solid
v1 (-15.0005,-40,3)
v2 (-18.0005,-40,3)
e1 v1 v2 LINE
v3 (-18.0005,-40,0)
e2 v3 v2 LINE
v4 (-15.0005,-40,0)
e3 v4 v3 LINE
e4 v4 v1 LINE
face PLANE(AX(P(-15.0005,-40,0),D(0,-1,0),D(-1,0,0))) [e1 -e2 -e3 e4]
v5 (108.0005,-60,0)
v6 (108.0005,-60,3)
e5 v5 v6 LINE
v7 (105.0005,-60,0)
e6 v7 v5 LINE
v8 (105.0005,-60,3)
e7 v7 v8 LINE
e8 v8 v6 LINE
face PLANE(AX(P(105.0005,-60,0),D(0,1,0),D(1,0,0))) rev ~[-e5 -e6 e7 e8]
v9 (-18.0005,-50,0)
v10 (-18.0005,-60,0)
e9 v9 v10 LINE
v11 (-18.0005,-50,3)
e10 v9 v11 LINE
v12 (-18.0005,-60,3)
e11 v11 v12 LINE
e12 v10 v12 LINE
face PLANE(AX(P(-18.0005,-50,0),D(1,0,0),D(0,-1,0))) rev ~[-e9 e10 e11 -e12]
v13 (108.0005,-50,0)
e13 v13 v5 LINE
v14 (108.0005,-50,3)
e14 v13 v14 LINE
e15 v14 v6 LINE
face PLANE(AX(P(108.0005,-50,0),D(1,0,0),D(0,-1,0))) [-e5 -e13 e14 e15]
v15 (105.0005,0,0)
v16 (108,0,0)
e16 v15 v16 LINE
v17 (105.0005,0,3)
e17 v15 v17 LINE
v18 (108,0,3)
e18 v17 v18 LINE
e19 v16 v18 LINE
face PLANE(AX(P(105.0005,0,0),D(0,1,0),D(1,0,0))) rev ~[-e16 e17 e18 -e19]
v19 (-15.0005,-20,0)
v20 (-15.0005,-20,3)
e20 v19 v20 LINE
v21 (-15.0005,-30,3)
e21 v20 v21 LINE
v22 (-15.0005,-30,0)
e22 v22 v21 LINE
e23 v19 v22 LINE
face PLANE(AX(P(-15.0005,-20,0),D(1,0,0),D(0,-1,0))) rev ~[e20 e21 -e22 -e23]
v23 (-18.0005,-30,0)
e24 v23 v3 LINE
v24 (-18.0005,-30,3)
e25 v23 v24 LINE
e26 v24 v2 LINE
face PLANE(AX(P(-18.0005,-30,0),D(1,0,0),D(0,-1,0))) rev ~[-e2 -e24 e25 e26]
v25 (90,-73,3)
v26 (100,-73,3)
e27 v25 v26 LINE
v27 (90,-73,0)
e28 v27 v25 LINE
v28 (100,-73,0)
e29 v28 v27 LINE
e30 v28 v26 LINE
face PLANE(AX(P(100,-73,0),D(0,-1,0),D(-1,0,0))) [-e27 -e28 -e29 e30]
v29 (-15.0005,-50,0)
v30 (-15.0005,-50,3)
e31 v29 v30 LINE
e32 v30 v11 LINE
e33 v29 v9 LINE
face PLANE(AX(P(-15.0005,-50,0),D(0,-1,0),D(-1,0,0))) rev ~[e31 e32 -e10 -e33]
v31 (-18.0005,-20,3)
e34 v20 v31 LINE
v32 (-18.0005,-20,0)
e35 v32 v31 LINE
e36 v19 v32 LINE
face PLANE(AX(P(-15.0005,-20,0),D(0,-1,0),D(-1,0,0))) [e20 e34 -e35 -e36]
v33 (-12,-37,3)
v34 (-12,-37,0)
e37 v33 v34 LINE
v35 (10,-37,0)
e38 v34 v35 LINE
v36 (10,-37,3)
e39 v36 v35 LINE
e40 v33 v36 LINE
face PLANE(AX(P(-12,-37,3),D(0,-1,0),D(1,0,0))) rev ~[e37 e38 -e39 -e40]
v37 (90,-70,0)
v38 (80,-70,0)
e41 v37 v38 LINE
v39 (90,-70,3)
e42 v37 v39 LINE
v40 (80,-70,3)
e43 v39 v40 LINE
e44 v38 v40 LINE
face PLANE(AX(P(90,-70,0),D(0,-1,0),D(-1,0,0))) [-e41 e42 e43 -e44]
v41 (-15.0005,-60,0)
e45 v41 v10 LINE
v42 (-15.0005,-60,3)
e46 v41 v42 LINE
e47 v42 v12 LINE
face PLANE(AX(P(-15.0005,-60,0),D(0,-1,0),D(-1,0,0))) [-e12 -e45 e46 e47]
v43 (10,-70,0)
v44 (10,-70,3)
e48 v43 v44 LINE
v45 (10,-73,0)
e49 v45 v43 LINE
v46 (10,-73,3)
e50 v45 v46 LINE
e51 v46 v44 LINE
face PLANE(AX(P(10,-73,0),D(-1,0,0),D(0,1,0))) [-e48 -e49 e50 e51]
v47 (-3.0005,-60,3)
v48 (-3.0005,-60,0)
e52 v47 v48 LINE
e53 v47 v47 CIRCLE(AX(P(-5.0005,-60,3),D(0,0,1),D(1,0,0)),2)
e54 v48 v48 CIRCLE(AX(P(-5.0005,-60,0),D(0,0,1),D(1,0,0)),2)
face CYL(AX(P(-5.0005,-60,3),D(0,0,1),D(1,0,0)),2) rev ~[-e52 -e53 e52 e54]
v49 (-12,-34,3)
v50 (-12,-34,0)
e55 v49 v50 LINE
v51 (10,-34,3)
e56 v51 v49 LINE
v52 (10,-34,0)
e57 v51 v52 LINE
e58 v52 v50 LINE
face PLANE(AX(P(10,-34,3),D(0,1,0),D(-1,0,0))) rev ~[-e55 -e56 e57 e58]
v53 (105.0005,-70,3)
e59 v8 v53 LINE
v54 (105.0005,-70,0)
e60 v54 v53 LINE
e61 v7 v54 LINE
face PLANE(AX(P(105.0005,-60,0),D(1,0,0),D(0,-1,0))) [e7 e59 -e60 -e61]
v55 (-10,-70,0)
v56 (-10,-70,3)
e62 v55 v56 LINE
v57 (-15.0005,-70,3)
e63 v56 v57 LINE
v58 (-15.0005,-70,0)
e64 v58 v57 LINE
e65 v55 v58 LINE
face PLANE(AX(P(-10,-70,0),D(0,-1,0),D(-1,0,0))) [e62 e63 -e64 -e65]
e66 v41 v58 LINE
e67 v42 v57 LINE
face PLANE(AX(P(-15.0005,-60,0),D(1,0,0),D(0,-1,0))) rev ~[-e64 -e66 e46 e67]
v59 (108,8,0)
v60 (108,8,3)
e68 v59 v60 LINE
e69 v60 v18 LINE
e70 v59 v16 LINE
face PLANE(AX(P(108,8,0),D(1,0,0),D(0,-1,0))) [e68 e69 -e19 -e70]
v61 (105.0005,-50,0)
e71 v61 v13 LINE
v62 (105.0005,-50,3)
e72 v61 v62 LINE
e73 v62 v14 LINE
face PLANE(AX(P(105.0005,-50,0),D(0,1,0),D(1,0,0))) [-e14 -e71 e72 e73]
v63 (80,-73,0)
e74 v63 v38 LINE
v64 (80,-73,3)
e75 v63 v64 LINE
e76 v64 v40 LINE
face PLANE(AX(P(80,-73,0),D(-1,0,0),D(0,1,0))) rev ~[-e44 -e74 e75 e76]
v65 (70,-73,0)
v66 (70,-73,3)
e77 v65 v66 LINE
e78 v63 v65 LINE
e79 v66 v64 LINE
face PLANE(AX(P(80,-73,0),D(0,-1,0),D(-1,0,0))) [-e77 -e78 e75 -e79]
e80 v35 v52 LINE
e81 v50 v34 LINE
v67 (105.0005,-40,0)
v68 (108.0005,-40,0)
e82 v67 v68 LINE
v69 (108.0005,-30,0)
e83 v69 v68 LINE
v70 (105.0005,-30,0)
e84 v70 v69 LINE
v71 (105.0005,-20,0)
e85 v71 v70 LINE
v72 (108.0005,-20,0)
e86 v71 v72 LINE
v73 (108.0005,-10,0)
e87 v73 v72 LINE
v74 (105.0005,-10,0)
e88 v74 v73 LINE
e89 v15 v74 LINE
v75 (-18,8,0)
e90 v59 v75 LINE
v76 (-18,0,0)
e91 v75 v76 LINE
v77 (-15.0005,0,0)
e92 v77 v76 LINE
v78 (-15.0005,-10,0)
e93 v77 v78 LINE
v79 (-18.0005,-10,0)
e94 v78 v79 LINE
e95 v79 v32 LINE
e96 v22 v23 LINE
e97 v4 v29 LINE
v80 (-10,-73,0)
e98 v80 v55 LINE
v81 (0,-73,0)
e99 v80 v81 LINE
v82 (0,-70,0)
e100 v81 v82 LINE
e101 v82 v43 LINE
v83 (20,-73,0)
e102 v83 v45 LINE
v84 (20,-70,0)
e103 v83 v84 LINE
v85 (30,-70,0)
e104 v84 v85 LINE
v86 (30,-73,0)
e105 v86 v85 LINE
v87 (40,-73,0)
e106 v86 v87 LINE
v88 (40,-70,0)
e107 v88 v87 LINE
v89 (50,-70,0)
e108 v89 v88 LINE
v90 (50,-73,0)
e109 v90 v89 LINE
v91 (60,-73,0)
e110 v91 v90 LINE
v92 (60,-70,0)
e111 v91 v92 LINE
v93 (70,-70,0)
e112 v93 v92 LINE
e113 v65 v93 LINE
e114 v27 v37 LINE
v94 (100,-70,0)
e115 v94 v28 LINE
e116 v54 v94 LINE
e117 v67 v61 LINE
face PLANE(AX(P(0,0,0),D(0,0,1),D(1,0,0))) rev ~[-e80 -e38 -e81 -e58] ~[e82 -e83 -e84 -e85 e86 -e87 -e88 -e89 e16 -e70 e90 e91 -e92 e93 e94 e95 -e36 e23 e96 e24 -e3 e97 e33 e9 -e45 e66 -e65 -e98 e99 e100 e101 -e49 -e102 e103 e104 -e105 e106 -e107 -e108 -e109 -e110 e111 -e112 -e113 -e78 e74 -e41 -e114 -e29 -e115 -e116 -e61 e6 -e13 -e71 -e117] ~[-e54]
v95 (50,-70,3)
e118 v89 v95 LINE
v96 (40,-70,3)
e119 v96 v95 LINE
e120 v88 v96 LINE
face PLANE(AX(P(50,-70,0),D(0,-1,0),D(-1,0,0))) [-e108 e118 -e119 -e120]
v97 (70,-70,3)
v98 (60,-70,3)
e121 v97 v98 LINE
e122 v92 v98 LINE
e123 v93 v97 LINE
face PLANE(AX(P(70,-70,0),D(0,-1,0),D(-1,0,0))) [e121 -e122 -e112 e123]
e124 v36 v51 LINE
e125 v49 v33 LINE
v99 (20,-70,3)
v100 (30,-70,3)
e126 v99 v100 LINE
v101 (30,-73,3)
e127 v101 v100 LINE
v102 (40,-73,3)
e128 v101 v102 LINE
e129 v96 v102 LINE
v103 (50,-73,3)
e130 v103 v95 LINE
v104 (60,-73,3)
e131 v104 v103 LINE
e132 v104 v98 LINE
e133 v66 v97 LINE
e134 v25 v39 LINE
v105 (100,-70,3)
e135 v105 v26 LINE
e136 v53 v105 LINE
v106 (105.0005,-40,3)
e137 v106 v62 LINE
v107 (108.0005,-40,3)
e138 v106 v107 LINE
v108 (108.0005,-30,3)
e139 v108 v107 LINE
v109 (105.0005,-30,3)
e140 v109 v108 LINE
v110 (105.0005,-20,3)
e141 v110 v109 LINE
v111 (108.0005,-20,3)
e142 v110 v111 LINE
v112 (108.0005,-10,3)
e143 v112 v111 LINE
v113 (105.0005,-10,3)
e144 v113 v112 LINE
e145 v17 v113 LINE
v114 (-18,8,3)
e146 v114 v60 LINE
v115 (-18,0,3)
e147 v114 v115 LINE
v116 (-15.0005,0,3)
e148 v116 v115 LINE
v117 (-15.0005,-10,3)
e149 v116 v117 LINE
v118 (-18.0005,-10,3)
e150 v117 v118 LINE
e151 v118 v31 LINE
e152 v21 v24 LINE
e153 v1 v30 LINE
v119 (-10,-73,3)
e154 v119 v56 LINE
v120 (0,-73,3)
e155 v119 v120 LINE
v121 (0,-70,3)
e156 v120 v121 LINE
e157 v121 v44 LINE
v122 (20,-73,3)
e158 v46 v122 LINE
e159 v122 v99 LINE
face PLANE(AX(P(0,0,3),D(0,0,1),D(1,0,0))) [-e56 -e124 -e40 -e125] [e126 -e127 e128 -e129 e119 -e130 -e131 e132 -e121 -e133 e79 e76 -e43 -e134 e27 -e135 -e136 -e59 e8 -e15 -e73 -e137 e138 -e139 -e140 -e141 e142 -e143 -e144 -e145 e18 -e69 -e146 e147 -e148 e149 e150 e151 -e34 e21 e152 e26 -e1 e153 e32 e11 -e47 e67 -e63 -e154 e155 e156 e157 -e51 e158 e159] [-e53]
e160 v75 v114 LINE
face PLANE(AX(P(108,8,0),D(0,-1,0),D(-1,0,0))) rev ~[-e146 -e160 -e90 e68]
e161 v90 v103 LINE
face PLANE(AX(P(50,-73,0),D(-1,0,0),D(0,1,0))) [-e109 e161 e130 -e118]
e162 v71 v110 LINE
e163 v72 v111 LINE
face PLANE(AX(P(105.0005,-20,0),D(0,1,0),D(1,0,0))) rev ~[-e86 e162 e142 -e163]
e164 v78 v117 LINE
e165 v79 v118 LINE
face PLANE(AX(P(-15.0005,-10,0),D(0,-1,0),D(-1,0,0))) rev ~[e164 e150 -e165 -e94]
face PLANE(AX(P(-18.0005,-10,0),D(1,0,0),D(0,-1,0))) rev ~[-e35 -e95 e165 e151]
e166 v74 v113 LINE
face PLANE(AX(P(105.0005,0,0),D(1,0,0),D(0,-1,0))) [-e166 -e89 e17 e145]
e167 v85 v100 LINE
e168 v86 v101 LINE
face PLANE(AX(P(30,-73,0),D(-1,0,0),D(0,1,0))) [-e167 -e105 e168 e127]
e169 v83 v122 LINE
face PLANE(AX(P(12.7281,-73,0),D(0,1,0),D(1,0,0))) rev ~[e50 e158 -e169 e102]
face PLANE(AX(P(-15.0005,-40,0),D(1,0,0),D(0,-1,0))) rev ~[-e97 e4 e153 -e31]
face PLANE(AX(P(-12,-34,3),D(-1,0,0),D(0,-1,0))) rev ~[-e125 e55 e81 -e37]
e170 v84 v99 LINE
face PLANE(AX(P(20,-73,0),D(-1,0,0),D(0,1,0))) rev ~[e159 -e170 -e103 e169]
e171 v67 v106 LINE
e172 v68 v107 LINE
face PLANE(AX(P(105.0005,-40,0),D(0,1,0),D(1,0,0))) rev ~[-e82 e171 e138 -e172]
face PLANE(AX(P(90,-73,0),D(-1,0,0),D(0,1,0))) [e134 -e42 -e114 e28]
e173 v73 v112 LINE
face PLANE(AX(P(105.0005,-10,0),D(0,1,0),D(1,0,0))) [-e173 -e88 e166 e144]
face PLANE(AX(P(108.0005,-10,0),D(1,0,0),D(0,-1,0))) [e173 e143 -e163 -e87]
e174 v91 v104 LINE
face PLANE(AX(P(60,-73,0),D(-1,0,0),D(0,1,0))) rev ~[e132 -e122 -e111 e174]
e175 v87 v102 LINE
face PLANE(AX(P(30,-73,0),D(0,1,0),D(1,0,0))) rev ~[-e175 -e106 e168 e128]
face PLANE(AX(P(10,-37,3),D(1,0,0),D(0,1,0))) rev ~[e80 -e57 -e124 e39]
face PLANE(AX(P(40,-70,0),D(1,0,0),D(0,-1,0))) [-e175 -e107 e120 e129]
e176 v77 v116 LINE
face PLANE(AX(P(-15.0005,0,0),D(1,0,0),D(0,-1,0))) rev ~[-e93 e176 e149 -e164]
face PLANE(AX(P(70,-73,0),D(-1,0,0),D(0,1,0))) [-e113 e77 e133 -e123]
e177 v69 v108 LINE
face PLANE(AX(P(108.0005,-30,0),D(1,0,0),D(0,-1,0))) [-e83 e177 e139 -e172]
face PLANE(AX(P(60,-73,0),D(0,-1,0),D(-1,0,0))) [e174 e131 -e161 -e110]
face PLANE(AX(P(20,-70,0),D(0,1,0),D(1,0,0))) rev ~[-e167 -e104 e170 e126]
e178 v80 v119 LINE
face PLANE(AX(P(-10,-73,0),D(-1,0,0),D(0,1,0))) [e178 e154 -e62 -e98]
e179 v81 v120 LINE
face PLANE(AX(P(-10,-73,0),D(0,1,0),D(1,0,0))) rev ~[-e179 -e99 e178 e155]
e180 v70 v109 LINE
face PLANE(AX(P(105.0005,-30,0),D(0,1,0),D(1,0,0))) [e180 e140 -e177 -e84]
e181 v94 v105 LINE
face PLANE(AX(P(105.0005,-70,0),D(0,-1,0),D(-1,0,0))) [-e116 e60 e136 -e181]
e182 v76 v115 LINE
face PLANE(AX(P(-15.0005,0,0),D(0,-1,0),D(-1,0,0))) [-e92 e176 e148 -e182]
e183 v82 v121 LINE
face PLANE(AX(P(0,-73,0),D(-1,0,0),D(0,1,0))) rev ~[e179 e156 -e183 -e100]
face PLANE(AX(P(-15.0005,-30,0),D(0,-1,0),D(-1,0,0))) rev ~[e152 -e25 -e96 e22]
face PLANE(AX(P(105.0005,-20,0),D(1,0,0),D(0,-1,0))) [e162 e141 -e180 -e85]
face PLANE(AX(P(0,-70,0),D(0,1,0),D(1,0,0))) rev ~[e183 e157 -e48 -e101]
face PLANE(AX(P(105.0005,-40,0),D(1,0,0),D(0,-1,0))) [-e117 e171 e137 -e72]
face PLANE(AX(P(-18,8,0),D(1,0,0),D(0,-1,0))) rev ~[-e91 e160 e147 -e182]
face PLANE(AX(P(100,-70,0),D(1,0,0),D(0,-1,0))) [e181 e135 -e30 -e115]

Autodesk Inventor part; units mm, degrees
ref_plane "YZ Plane" through (0, 0, 0) normal (1, 0, 0) x (0, 1, 0)
ref_plane "XZ Plane" through (0, 0, 0) normal (0, 1, 0) x (-1, 0, 0)
ref_plane "XY Plane" through (0, 0, 0) normal (0, 0, 1) x (1, 0, 0)
ref_plane "Work Plane2" through (0, 0, 0) normal (0, 0, 1) x (1, 0, 0)
sketch "Sketch2" plane through (0, 0, 0) normal (0, 0, 1) x (1, 0, 0)
  line L0 (-13, 0) -> (-13, 3) projected
  line L1 (-13, 3) -> (-10, 3) projected
  line L2 (103, 0) -> (103, 3) projected
  line L3 (100, 3) -> (103, 3) projected
  line L4 (103, 8) -> (-13, 8)
  line L5 (-10, 0) -> (-10, 3) projected
  line L6 (-10, 3) -> (0, 3) projected
  line L7 (100, 0) -> (100, 3) projected
  line L8 (90, 3) -> (100, 3) projected
  line L9 (90, 3) -> (0, 3)
  line L10 (0, 0) -> (90, 0)
  line L11 (0, 0) -> (0, 3) projected
  line L12 (90, 0) -> (90, 3) projected
  line L13 (90, 3) -> (90, 0)
  line L14 (0, 3) -> (0, 0)
  line L15 (45, 0) -> (45, -20) construction
  line L16 (-15.0005, 0) -> (-15.0005, -10)
  line L17 (-15.0005, -10) -> (-18.0005, -10)
  line L18 (-15.0005, -20) -> (-18.0005, -20)
  line L19 (-15.0005, -20) -> (-15.0005, -30)
  line L20 (-15.0005, -30) -> (-18.0005, -30)
  line L21 (-15.0005, -40) -> (-18.0005, -40)
  line L22 (-15.0005, -50) -> (-18.0005, -50)
  line L23 (-15.0005, -60) -> (-18.0005, -60)
  line L24 (-18.0005, -10) -> (-18.0005, -20)
  line L25 (-18.0005, -30) -> (-18.0005, -40)
  line L26 (-18.0005, -50) -> (-18.0005, -60)
  line L27 (-15.0005, -40) -> (-15.0005, -50)
  line L28 (90, -73) -> (90, -70)
  line L29 (80, -73) -> (70, -73)
  line L30 (60, -73) -> (50, -73)
  line L31 (45, -70) -> (45, -47.72) construction
  line L32 (80, -73) -> (80, -70)
  line L33 (70, -73) -> (70, -70)
  line L34 (60, -73) -> (60, -70)
  line L35 (90, -70) -> (80, -70)
  line L36 (80, -73) -> (70, -73)
  line L37 (70, -70) -> (60, -70)
  line L38 (-10, -73) -> (0, -73)
  line L39 (0, -73) -> (0, -70)
  line L40 (10, -73) -> (20, -73)
  line L41 (10, -73) -> (10, -70)
  line L42 (20, -73) -> (20, -70)
  line L43 (30, -73) -> (30, -70)
  line L44 (0, -70) -> (10, -70)
  line L45 (20, -70) -> (30, -70)
  line L46 (60, -73) -> (50, -73)
  line L47 (50, -73) -> (50, -70)
  line L48 (50, -70) -> (45, -70)
  line L49 (45, -70) -> (40, -70)
  line L50 (40, -70) -> (40, -73)
  line L51 (30, -73) -> (40, -73)
  line L52 (50, -73) -> (77.2719, -73)
  line L53 (60, -73) -> (50, -73)
  line L54 (45, -70) -> (40, -70)
  line L55 (40, -73) -> (30, -73)
  line L56 (30, -70) -> (20, -70)
  line L57 (10, -70) -> (0, -70)
  line L58 (20, -73) -> (10, -73)
  line L59 (0, -73) -> (12.7281, -73)
  line L60 (-18, 8) -> (-13, 8)
  line L61 (-15.0005, 0) -> (-18, 0)
  line L62 (-15.0005, -60) -> (-15.0005, -70)
  line L63 (-18, -50) -> (-18, -60)
  line L64 (-18, -30) -> (-18, -40)
  line L65 (-18, 8) -> (-18, 0)
  line L66 (-18, -10) -> (-18, -20)
  line L67 (105.0005, 0) -> (105.0005, -10)
  line L68 (108.0005, -10) -> (108.0005, -20)
  line L69 (105.0005, -10) -> (108.0005, -10)
  line L70 (105.0005, -20) -> (108.0005, -20)
  line L71 (105.0005, -20) -> (105.0005, -30)
  line L72 (105.0005, -30) -> (108.0005, -30)
  line L73 (108.0005, -30) -> (108.0005, -40)
  line L74 (105.0005, -40) -> (108.0005, -40)
  line L75 (105.0005, -40) -> (105.0005, -50)
  line L76 (105.0005, -50) -> (108.0005, -50)
  line L77 (108.0005, -50) -> (108.0005, -60)
  line L78 (105.0005, -60) -> (108.0005, -60)
  line L79 (108, 8) -> (103, 8)
  line L80 (105.0005, 0) -> (108, 0)
  line L81 (105.0005, -60) -> (105.0005, -70)
  line L82 (108, -50) -> (108, -60)
  line L83 (108, -30) -> (108, -40)
  line L84 (108, 8) -> (108, 0)
  line L85 (108, -10) -> (108, -20)
  line L86 (100, -73) -> (90, -73)
  line L87 (0, -73) -> (-10, -73)
  line L88 (-10, -73) -> (-10, -70)
  line L89 (-10, -70) -> (-15.0005, -70)
  line L90 (-13, -73) -> (-10, -73)
  line L91 (100, -73) -> (98, -73)
  line L92 (90, -70) -> (100, -70)
  line L93 (100, -70) -> (100, -73)
  line L94 (105.0005, -70) -> (100, -70)
  dimension "d39" = 10
  dimension "d42" = 10
extrude "Extrusion1" add sketch "Sketch2" along normal blind 3 contours L79 L84 L80 L67 L69 L68 L70 L71 L72 L73 L74 L75 L76 L77 L78 L81 L94 L92 L35 L32 L29 L33 L37 L34 L30 L47 L48 L49 L50 L51 L43 L45 L42 L40 L41 L44 L39 L38 L88 L89 L62 L23 L26 L22 L27 L21 L25 L20 L19 L18 L24 L17 L16 L61 L65 L60 L4 | L93 L86 L28 L92 | L12 L10 L11 L9
sketch "Sketch3" plane through (0, 0, 3) normal (0, 0, 1) x (1, 0, 0)
  line L0 (0, -70) -> (10, -70) projected
  line L1 (-15.0005, -40) -> (-15.0005, -50) projected
  line L2 (-9.2505, -64.25) -> (7.7495, -64.25)
  line L3 (7.7495, -64.25) -> (7.7495, -55.25)
  line L4 (7.7495, -55.25) -> (-9.2505, -55.25)
  line L5 (-9.2505, -55.25) -> (-9.2505, -64.25)
  line L6 (16.5, -70) -> (16.5, 3) projected
  line L7 (13.5, 3) -> (13.5, -70) projected
  circle A0 centre (-5.0005, -60) radius 2
  line L8 (-15.0005, -60) -> (-15.0005, -70) projected
  line L9 (-15.0005, -70) -> (-10, -70) projected
  point P0 (0, 0)
  dimension "d57" = 17
  dimension "d58" = 9
  dimension "d59" = 5.75
  dimension "d60" = 5.75
  dimension "d61" = 4
  dimension "d62" = 10
  dimension "d63" = 10
extrude "Extrusion2" cut sketch "Sketch3" against normal blind 10 contours A0
sketch "Sketch4" plane through (0, 0, 3) normal (0, 0, 1) x (1, 0, 0)
  line L0 (-12, -37) -> (10, -37)
  line L1 (10, -37) -> (10, -34)
  line L2 (10, -34) -> (-12, -34)
  line L3 (-12, -34) -> (-12, -37)
  line L4 (108, 8) -> (-18, 8) projected
  line L5 (-18, -30) -> (-18, -40) projected
  dimension "d51" = 22
  dimension "d52" = 3
  dimension "d53" = 45
  dimension "d54" = 6
extrude "Extrusion3" cut sketch "Sketch4" against normal blind 10
properties part number "back"
